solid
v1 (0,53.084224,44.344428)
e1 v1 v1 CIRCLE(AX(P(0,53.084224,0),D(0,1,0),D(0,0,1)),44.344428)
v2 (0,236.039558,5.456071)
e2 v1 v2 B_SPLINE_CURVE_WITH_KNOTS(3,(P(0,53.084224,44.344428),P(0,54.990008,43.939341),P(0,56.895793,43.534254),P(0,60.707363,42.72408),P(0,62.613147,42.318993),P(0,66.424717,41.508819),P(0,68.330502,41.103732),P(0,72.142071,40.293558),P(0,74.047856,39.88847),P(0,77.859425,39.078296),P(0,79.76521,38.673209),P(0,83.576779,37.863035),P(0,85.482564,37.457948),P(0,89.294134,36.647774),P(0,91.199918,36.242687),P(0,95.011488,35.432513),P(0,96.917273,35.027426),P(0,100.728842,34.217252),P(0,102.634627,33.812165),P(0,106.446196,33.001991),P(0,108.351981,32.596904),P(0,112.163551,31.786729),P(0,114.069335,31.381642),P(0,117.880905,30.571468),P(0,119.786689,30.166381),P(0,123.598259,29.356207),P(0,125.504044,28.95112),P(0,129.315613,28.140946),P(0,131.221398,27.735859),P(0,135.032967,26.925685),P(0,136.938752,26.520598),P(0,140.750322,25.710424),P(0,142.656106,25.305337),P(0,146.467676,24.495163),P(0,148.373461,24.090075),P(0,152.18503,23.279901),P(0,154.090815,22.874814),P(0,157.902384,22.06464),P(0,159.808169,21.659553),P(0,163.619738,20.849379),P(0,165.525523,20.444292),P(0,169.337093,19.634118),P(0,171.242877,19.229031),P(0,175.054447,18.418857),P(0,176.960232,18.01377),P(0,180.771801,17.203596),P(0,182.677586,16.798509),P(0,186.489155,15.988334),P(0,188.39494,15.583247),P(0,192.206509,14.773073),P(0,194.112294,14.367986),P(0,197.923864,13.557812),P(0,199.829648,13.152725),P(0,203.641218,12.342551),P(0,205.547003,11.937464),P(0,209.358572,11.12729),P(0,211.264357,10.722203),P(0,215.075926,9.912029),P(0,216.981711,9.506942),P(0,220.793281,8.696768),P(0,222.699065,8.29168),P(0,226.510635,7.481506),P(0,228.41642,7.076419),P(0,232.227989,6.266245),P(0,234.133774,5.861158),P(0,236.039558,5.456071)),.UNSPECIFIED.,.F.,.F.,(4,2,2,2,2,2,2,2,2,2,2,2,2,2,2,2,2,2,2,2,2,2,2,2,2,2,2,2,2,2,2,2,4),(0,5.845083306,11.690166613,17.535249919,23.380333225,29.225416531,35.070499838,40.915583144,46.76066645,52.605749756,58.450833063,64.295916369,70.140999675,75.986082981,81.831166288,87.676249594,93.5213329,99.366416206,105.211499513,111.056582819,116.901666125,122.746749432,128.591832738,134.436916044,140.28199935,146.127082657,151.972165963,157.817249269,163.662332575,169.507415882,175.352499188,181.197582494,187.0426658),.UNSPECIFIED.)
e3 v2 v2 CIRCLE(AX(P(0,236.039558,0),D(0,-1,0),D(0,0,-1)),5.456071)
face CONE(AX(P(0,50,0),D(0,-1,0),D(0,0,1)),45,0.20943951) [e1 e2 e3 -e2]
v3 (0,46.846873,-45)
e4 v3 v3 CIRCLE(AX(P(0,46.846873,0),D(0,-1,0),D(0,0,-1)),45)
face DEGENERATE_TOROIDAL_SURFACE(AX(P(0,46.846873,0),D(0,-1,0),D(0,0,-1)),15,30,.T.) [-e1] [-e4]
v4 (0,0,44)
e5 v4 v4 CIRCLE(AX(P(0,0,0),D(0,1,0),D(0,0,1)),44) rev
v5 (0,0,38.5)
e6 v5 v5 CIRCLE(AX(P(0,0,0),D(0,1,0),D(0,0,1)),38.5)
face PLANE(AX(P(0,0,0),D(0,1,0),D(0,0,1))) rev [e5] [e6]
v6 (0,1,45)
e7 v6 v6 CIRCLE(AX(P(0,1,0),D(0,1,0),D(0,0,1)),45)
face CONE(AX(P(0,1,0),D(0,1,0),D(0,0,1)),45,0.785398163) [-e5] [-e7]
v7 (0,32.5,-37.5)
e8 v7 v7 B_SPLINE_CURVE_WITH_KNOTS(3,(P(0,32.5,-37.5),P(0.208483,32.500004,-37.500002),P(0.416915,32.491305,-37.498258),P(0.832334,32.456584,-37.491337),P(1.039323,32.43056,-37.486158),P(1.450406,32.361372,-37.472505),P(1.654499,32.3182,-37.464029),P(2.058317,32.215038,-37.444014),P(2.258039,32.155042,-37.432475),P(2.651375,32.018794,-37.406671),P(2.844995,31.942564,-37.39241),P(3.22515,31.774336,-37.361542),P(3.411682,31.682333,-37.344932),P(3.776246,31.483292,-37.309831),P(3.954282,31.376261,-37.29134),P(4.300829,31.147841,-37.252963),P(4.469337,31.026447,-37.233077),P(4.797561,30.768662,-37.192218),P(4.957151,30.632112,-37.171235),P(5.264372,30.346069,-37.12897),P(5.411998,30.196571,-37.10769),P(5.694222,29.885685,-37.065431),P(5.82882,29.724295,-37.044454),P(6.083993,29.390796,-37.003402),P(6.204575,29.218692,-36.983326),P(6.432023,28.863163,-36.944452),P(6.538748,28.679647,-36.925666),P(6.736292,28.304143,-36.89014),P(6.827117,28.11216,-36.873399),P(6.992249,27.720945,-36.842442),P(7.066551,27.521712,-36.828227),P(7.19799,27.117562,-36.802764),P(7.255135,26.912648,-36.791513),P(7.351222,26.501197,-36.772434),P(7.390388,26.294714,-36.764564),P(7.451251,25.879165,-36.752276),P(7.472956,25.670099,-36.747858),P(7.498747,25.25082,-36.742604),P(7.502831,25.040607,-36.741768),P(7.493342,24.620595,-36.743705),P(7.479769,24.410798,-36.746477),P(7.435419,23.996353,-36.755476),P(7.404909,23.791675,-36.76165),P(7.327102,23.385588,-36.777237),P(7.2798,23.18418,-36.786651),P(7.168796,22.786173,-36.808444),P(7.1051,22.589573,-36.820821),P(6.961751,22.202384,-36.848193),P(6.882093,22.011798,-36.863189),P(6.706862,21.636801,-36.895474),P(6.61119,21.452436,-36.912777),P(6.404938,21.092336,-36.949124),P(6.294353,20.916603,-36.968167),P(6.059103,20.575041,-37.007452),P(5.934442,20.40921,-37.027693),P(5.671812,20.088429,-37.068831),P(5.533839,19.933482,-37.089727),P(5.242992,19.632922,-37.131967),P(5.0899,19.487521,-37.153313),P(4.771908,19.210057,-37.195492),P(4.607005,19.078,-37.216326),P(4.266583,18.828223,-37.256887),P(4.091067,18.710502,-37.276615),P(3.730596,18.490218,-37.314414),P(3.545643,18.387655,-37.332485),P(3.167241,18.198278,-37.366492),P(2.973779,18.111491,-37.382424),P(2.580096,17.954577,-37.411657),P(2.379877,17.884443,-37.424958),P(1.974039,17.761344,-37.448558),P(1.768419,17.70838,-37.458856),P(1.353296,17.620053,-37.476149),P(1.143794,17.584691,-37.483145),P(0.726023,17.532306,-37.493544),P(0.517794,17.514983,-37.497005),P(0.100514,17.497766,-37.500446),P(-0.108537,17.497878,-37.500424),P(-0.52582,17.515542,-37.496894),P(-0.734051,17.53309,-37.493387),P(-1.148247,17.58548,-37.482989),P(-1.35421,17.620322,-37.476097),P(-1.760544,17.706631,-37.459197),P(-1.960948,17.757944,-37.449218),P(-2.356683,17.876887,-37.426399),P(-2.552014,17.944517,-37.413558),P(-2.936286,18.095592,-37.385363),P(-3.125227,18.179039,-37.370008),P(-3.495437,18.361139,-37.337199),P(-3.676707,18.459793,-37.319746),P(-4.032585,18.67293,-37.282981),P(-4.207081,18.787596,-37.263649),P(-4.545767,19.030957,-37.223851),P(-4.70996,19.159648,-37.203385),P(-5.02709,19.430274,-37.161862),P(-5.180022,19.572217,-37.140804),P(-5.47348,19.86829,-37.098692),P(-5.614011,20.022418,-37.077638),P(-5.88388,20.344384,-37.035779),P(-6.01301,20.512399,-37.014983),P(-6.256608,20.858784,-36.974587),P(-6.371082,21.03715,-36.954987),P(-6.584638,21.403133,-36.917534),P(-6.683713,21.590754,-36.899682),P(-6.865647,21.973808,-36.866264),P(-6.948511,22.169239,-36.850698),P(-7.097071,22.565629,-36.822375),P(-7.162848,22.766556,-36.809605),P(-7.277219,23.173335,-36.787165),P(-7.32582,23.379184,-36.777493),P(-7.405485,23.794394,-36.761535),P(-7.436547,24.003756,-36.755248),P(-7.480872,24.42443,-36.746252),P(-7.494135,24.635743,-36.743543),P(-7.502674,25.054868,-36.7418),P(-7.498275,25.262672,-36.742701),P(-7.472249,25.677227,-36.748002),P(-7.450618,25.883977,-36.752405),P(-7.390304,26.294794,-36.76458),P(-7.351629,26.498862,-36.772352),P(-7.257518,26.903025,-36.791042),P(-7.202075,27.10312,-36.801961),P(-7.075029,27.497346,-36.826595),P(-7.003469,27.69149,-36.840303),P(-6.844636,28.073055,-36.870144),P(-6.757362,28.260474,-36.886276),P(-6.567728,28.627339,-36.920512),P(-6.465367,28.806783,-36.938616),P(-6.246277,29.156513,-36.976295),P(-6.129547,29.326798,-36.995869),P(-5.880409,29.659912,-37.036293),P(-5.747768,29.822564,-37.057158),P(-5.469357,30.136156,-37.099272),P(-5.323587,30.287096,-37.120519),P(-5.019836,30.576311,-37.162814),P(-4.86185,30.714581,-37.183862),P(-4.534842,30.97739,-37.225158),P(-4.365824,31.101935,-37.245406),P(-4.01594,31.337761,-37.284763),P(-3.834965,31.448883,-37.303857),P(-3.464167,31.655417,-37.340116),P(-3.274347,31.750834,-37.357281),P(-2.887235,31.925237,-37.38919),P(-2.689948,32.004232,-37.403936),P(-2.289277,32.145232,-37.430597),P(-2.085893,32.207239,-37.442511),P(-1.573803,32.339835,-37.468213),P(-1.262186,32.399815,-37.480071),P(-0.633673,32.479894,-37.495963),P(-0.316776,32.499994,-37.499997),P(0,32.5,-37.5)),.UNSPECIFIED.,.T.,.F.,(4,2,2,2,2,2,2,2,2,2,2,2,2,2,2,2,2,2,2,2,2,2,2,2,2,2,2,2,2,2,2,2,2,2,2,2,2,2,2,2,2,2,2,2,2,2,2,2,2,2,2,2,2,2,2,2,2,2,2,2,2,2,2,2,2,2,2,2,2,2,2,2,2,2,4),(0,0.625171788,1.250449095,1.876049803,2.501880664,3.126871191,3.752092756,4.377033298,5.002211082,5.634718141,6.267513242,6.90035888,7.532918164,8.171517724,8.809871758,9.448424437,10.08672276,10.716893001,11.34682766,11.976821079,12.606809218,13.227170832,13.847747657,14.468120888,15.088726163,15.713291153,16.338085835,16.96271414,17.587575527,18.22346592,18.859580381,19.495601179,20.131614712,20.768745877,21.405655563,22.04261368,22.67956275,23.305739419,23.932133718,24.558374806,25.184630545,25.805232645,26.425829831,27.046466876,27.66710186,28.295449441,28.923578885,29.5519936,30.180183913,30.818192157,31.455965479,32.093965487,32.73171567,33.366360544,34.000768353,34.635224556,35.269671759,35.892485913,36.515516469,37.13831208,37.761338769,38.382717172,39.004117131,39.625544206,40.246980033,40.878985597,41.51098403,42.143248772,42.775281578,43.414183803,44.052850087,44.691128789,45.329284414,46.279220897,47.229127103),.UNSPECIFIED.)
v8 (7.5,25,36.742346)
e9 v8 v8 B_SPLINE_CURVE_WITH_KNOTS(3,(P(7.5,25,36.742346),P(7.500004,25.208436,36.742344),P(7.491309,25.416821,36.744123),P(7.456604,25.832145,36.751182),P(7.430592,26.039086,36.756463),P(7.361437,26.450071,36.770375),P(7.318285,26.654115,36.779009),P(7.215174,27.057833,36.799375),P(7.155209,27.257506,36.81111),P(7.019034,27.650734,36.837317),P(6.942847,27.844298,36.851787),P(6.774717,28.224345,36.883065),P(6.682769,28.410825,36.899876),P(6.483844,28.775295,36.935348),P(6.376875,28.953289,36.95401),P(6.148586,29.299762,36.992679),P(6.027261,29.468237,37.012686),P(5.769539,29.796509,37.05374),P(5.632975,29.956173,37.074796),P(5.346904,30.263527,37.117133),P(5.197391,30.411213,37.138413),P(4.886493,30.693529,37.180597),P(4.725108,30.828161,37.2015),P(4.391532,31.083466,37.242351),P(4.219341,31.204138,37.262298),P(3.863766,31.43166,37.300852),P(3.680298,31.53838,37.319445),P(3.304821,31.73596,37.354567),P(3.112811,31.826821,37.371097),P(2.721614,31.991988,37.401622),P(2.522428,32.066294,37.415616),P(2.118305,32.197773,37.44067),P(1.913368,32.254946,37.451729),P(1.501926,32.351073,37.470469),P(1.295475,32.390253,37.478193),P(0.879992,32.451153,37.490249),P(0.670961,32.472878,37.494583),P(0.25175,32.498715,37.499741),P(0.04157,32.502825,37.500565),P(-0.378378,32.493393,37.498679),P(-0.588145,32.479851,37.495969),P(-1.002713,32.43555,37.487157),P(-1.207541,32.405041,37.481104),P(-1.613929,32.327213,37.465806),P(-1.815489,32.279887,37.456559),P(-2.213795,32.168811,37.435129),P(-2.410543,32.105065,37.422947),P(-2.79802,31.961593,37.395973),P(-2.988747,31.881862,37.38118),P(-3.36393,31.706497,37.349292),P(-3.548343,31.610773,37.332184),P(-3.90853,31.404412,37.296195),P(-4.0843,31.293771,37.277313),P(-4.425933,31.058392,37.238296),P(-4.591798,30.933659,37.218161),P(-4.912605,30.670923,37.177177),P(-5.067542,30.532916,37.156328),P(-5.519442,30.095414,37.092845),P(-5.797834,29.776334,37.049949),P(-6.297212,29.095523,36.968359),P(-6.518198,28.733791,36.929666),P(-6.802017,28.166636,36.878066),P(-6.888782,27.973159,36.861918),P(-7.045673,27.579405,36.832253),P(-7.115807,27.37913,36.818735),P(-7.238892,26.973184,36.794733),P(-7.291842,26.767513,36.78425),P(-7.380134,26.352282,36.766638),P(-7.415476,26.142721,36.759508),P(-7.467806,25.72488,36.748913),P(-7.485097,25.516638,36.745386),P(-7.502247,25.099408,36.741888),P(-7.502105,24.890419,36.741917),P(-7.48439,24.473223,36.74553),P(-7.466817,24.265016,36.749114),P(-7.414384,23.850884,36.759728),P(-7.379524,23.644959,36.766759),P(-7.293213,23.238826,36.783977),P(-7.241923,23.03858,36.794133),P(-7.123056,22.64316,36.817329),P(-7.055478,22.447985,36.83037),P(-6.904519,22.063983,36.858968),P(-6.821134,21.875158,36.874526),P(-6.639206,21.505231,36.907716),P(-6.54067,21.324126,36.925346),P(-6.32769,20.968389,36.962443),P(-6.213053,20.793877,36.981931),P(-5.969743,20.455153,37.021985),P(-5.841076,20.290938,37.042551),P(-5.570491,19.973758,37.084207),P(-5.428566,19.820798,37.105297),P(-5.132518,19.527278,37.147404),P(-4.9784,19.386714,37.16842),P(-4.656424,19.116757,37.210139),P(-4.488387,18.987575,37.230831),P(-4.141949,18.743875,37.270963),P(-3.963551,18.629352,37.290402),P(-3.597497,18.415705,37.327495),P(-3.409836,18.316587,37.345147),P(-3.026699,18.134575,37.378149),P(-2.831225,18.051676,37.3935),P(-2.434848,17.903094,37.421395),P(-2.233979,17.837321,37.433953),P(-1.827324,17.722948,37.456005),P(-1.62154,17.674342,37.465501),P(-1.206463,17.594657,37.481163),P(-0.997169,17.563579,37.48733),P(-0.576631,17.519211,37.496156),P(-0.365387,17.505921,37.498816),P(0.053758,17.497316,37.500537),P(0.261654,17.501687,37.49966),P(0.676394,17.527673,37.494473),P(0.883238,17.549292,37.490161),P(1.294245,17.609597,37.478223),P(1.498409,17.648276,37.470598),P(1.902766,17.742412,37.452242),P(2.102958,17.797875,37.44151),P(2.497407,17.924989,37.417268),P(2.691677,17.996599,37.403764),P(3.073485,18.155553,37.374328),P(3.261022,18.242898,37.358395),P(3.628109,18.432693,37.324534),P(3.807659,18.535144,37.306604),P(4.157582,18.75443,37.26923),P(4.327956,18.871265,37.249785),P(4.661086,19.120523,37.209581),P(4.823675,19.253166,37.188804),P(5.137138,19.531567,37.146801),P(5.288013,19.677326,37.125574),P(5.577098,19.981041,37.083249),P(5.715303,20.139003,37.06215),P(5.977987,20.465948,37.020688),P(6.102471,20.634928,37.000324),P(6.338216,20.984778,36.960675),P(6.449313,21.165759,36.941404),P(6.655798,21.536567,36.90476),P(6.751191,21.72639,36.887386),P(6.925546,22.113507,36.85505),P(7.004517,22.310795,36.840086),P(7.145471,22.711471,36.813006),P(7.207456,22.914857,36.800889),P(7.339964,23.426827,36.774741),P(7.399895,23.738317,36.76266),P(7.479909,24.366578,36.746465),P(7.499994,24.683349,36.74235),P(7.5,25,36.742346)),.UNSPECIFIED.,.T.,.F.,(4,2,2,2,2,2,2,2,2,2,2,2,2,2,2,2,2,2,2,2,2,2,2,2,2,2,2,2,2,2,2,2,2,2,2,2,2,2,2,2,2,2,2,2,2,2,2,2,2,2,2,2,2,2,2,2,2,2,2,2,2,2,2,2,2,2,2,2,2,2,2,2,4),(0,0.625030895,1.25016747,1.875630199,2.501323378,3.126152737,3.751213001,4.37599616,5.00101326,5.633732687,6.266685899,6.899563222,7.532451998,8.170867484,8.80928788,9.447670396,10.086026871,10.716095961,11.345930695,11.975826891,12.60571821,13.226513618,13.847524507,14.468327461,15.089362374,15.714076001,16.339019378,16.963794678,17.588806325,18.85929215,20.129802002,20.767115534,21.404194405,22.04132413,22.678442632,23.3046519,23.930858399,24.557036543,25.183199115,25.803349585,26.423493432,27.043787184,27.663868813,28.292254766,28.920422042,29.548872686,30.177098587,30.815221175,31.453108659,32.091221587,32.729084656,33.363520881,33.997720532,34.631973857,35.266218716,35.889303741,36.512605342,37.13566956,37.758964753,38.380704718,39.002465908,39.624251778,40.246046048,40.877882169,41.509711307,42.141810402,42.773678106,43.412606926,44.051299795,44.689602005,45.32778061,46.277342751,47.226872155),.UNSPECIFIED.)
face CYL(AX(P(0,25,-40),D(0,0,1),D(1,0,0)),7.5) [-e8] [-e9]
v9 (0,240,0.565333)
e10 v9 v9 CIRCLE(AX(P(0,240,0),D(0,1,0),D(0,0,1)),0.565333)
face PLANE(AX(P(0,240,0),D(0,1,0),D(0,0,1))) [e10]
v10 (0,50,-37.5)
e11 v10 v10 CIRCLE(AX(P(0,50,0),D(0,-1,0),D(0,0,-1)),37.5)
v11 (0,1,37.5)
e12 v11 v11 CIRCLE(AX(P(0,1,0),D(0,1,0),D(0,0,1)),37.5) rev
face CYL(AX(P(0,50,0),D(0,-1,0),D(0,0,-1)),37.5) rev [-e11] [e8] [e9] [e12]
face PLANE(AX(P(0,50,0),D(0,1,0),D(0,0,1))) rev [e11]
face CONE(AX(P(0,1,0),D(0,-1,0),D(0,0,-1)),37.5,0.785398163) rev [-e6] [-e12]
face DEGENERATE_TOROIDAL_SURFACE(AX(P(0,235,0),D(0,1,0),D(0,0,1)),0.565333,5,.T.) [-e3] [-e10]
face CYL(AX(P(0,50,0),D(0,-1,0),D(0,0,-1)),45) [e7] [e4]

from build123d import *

# Parameters (mm, degrees)
SKETCH_1_R          = 45
EXTRUDE_1_DEPTH     = 50
SKETCH_2_R          = 37.5
CUT_EXTRUDE_1_DEPTH = 50
SKETCH_3_R          = 7.5
EXTRUDE_2_DEPTH     = 80
SKETCH_4_R          = 45
EXTRUDE_3_DEPTH     = 190
EXTRUDE_3_TAPER     = 12
FILLET_1_R          = 5
FILLET_2_R          = 30
CHAMFER_1_SIZE      = 1


with BuildPart() as part:
    # 草图1 → 凸台-拉伸1 (new body)
    with BuildSketch(Plane(origin=(0, 0, 0), x_dir=(1, 0, 0), z_dir=(0, 1, 0))):
        with Locations(Location((0, 0, 0), (0, 0, 270))):
            Circle(SKETCH_1_R)
    extrude(amount=EXTRUDE_1_DEPTH)

    # 草图2 → 切除-拉伸1 (cut)
    with BuildSketch(Plane(origin=(0, 0, 0), x_dir=(-1, 0, 0), z_dir=(0, -1, 0))):
        with Locations(Location((0, 0, 0), (0, 0, 90))):
            Circle(SKETCH_2_R)
    extrude(amount=-CUT_EXTRUDE_1_DEPTH, mode=Mode.SUBTRACT)

    # 草图3 → 凸台-拉伸2 (add)
    with BuildSketch(Plane.XY.offset(40)):
        with Locations((0, 25)):
            Circle(SKETCH_3_R)
    extrude(amount=-EXTRUDE_2_DEPTH)

    # 草图4 → 凸台-拉伸3 (add)
    with BuildSketch(Plane(origin=(0, 50, 0), x_dir=(1, 0, 0), z_dir=(0, 1, 0))):
        with Locations(Location((0, 0, 0), (0, 0, 270))):
            Circle(SKETCH_4_R)
    extrude(amount=EXTRUDE_3_DEPTH, taper=EXTRUDE_3_TAPER)

    # 圆角1
    fillet_1_edges = [part.edges().sort_by_distance(p)[0] for p in [
        (0, 240, -4.614253283),
    ]]
    fillet(fillet_1_edges, radius=FILLET_1_R)

    # 圆角2
    fillet_2_edges = [part.edges().sort_by_distance(p)[0] for p in [
        (0, 50, -45),
    ]]
    fillet(fillet_2_edges, radius=FILLET_2_R)

    # 倒角1
    chamfer_1_edges = [part.edges().sort_by_distance(p)[0] for p in [
        (0, 0, -45),
        (0, 0, 37.5),
    ]]
    chamfer(chamfer_1_edges, length=CHAMFER_1_SIZE)


solid = part.part
